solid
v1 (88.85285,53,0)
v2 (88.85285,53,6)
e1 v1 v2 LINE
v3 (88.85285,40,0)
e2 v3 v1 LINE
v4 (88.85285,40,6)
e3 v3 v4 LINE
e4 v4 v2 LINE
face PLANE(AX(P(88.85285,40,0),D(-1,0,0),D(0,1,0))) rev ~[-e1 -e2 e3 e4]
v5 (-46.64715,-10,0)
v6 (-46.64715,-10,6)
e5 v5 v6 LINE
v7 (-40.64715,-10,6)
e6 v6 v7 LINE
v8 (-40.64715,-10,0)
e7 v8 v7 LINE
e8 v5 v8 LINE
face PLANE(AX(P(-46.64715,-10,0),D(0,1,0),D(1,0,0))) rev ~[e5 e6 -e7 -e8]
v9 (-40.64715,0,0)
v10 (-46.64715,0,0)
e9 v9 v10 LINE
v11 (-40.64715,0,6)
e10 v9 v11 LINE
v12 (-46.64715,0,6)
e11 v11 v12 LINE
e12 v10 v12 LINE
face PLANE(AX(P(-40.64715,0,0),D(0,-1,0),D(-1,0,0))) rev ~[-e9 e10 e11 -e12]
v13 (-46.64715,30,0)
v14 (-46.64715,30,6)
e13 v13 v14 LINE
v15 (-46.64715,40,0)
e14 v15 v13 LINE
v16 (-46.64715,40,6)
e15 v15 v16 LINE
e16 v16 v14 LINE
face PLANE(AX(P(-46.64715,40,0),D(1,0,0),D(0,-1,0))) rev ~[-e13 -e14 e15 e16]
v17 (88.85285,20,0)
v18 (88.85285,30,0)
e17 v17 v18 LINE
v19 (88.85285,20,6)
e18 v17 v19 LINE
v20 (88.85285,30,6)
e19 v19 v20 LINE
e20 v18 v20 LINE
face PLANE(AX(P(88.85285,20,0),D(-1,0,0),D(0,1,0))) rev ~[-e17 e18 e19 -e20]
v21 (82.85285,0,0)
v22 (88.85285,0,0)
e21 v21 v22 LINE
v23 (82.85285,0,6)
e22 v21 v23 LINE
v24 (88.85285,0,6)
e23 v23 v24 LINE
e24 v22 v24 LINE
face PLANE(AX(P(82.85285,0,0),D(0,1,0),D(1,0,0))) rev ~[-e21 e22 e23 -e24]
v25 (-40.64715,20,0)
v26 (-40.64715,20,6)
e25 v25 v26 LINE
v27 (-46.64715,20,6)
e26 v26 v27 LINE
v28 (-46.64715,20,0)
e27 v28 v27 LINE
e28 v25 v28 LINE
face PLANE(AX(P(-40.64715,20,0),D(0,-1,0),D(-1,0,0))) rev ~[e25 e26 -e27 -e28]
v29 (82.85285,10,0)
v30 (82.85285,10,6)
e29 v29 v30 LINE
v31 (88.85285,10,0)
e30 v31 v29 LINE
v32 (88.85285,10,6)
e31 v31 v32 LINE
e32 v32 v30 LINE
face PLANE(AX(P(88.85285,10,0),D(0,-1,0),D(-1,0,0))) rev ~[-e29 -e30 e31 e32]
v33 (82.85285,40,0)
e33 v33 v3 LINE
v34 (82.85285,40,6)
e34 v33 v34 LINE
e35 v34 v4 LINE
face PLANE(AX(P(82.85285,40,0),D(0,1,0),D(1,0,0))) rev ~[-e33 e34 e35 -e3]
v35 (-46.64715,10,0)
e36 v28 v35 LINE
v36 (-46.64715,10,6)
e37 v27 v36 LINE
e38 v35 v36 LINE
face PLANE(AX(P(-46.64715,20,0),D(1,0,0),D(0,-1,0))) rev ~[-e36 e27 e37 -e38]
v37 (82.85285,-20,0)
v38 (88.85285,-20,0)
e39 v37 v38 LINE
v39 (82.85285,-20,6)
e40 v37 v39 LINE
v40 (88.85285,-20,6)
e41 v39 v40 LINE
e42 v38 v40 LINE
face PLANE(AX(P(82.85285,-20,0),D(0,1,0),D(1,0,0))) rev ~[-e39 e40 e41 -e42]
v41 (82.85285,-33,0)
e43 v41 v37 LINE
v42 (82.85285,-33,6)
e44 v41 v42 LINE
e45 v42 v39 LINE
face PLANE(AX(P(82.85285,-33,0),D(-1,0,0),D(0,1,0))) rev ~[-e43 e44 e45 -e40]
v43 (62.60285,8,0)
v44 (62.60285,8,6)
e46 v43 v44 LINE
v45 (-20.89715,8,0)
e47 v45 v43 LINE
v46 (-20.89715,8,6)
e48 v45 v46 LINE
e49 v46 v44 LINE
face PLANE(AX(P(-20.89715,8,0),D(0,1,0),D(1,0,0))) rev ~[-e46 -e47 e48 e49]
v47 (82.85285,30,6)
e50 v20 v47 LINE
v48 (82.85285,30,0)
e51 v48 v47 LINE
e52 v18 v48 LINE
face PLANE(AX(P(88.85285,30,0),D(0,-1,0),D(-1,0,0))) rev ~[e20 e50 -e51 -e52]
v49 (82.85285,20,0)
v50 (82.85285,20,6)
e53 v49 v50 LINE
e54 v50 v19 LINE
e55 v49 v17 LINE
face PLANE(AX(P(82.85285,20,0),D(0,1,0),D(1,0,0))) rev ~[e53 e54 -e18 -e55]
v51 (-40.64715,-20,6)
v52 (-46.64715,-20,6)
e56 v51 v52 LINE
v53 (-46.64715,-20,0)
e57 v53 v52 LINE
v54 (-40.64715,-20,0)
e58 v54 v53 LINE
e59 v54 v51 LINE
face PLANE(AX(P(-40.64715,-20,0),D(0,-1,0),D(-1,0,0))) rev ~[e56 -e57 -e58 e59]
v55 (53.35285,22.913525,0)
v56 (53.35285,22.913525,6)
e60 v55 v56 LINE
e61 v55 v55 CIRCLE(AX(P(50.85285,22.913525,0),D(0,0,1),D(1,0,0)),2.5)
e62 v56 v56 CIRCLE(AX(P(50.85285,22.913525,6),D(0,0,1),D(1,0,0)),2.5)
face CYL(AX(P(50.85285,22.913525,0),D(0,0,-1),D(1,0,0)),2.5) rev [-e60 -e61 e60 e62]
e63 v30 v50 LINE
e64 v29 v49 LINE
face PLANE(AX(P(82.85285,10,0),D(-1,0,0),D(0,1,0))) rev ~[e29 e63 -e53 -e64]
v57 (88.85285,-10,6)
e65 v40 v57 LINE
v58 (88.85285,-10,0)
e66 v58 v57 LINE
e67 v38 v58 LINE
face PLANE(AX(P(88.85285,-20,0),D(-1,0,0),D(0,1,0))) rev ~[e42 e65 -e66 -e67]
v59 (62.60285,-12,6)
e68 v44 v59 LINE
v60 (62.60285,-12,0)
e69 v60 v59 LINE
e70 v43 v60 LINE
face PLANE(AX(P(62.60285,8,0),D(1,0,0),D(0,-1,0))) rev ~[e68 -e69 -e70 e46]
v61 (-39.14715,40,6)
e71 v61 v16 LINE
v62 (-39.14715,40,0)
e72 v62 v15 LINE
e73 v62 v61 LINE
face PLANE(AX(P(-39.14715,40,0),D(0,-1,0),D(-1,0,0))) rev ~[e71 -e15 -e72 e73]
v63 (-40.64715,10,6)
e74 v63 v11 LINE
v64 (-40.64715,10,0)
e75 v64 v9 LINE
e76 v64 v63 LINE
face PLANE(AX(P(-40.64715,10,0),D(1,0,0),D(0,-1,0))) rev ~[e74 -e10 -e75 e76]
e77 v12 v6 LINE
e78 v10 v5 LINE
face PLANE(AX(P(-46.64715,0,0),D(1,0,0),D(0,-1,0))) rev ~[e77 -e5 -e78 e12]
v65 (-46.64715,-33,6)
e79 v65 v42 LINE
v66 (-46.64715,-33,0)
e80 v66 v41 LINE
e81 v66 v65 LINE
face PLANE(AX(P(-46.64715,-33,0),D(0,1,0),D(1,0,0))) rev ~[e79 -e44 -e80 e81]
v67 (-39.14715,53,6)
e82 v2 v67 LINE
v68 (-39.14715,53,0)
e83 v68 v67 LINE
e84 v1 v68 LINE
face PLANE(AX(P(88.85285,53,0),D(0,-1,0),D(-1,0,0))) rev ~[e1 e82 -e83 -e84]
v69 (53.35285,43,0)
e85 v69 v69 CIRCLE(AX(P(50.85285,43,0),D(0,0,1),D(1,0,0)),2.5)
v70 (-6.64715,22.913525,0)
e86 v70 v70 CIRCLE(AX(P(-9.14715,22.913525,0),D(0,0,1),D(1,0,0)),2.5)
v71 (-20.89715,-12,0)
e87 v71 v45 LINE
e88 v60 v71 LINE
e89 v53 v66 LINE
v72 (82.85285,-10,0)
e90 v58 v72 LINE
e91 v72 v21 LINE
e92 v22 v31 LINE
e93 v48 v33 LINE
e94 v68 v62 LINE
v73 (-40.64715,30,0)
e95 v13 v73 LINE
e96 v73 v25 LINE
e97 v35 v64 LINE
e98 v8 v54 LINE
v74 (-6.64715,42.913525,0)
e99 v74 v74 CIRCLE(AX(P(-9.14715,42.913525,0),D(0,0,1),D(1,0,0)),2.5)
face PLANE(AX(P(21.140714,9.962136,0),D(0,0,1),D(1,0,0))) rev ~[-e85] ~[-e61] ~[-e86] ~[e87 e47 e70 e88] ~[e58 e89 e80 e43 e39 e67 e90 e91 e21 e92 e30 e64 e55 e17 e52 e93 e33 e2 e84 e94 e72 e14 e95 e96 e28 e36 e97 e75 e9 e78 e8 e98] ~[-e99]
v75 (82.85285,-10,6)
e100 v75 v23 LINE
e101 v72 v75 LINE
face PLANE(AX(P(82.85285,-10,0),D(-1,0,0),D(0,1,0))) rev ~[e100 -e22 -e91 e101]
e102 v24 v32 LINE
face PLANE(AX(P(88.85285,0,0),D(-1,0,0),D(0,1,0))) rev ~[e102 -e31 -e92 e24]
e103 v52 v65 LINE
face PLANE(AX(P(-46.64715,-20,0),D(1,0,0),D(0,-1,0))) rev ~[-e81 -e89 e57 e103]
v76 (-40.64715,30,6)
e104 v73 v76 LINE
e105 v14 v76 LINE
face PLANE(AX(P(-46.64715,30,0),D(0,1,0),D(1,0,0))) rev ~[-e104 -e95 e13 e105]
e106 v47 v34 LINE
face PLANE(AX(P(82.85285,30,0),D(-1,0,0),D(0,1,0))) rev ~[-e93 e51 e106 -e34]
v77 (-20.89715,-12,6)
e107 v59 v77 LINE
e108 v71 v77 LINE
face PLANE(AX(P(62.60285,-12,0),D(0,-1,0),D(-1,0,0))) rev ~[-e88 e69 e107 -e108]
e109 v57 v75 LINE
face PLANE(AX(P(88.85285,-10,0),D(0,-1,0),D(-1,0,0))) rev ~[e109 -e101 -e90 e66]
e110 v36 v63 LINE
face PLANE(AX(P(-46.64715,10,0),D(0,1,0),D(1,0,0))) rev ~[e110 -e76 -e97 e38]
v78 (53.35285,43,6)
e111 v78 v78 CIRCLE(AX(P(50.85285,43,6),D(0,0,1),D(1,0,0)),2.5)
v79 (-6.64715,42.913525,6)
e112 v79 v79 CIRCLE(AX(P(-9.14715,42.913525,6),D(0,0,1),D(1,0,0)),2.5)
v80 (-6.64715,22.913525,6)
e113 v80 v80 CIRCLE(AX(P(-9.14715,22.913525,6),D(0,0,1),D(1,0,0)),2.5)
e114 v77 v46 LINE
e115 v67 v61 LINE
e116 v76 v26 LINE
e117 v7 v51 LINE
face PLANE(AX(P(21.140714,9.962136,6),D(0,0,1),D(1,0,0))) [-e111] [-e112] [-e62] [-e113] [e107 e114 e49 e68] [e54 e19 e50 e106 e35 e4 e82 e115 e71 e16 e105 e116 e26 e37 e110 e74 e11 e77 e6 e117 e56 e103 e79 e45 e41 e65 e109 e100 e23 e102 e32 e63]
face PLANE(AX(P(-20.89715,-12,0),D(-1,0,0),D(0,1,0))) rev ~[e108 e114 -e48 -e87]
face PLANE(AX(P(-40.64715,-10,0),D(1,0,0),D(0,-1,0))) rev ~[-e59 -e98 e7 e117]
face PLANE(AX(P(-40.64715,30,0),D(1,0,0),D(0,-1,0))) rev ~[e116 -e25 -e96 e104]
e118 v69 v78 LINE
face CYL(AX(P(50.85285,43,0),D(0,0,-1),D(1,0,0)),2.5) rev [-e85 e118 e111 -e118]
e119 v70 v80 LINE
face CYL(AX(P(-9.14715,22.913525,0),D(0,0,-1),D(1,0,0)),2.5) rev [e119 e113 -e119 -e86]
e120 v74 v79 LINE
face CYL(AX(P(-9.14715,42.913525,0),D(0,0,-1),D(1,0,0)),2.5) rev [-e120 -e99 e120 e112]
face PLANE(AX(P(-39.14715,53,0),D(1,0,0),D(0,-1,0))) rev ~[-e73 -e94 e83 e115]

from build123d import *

# Parameters (mm, degrees)
F0_R     = 2.5
F1_DEPTH = 6


with BuildPart() as f1:
    # F0 (on Top) → F1 (new body)
    with BuildSketch(Plane.XY):
        Polygon((-46.64715, -20), (-46.64715, -33), (82.85285, -33), (82.85285, -20), (88.85285, -20), (88.85285, -12), (88.85285, -10), (82.85285, -10), (82.85285, 0), (88.85285, 0), (88.85285, 10), (82.85285, 10), (82.85285, 20), (88.85285, 20), (88.85285, 30), (82.85285, 30), (82.85285, 40), (88.85285, 40), (88.85285, 53), (-39.14715, 53), (-39.14715, 40), (-46.64715, 40), (-46.64715, 30), (-40.64715, 30), (-40.64715, 20), (-46.64715, 20), (-46.64715, 10), (-40.64715, 10), (-40.64715, 0), (-46.64715, 0), (-46.64715, -10), (-40.64715, -10), (-40.64715, -20), align=None)
        Polygon((62.60285, 8), (62.60285, 0), (62.60285, -12), (-20.89715, -12), (-20.89715, 0), (-20.89715, 8), align=None, mode=Mode.SUBTRACT)
        with Locations((-9.14715, 22.913525)):
            Circle(F0_R, mode=Mode.SUBTRACT)
        with Locations((-9.14715, 42.913525)):
            Circle(F0_R, mode=Mode.SUBTRACT)
        with Locations((50.85285, 22.913525)):
            Circle(F0_R, mode=Mode.SUBTRACT)
        with Locations((50.85285, 43)):
            Circle(F0_R, mode=Mode.SUBTRACT)
    extrude(amount=F1_DEPTH)


solid = f1.part
